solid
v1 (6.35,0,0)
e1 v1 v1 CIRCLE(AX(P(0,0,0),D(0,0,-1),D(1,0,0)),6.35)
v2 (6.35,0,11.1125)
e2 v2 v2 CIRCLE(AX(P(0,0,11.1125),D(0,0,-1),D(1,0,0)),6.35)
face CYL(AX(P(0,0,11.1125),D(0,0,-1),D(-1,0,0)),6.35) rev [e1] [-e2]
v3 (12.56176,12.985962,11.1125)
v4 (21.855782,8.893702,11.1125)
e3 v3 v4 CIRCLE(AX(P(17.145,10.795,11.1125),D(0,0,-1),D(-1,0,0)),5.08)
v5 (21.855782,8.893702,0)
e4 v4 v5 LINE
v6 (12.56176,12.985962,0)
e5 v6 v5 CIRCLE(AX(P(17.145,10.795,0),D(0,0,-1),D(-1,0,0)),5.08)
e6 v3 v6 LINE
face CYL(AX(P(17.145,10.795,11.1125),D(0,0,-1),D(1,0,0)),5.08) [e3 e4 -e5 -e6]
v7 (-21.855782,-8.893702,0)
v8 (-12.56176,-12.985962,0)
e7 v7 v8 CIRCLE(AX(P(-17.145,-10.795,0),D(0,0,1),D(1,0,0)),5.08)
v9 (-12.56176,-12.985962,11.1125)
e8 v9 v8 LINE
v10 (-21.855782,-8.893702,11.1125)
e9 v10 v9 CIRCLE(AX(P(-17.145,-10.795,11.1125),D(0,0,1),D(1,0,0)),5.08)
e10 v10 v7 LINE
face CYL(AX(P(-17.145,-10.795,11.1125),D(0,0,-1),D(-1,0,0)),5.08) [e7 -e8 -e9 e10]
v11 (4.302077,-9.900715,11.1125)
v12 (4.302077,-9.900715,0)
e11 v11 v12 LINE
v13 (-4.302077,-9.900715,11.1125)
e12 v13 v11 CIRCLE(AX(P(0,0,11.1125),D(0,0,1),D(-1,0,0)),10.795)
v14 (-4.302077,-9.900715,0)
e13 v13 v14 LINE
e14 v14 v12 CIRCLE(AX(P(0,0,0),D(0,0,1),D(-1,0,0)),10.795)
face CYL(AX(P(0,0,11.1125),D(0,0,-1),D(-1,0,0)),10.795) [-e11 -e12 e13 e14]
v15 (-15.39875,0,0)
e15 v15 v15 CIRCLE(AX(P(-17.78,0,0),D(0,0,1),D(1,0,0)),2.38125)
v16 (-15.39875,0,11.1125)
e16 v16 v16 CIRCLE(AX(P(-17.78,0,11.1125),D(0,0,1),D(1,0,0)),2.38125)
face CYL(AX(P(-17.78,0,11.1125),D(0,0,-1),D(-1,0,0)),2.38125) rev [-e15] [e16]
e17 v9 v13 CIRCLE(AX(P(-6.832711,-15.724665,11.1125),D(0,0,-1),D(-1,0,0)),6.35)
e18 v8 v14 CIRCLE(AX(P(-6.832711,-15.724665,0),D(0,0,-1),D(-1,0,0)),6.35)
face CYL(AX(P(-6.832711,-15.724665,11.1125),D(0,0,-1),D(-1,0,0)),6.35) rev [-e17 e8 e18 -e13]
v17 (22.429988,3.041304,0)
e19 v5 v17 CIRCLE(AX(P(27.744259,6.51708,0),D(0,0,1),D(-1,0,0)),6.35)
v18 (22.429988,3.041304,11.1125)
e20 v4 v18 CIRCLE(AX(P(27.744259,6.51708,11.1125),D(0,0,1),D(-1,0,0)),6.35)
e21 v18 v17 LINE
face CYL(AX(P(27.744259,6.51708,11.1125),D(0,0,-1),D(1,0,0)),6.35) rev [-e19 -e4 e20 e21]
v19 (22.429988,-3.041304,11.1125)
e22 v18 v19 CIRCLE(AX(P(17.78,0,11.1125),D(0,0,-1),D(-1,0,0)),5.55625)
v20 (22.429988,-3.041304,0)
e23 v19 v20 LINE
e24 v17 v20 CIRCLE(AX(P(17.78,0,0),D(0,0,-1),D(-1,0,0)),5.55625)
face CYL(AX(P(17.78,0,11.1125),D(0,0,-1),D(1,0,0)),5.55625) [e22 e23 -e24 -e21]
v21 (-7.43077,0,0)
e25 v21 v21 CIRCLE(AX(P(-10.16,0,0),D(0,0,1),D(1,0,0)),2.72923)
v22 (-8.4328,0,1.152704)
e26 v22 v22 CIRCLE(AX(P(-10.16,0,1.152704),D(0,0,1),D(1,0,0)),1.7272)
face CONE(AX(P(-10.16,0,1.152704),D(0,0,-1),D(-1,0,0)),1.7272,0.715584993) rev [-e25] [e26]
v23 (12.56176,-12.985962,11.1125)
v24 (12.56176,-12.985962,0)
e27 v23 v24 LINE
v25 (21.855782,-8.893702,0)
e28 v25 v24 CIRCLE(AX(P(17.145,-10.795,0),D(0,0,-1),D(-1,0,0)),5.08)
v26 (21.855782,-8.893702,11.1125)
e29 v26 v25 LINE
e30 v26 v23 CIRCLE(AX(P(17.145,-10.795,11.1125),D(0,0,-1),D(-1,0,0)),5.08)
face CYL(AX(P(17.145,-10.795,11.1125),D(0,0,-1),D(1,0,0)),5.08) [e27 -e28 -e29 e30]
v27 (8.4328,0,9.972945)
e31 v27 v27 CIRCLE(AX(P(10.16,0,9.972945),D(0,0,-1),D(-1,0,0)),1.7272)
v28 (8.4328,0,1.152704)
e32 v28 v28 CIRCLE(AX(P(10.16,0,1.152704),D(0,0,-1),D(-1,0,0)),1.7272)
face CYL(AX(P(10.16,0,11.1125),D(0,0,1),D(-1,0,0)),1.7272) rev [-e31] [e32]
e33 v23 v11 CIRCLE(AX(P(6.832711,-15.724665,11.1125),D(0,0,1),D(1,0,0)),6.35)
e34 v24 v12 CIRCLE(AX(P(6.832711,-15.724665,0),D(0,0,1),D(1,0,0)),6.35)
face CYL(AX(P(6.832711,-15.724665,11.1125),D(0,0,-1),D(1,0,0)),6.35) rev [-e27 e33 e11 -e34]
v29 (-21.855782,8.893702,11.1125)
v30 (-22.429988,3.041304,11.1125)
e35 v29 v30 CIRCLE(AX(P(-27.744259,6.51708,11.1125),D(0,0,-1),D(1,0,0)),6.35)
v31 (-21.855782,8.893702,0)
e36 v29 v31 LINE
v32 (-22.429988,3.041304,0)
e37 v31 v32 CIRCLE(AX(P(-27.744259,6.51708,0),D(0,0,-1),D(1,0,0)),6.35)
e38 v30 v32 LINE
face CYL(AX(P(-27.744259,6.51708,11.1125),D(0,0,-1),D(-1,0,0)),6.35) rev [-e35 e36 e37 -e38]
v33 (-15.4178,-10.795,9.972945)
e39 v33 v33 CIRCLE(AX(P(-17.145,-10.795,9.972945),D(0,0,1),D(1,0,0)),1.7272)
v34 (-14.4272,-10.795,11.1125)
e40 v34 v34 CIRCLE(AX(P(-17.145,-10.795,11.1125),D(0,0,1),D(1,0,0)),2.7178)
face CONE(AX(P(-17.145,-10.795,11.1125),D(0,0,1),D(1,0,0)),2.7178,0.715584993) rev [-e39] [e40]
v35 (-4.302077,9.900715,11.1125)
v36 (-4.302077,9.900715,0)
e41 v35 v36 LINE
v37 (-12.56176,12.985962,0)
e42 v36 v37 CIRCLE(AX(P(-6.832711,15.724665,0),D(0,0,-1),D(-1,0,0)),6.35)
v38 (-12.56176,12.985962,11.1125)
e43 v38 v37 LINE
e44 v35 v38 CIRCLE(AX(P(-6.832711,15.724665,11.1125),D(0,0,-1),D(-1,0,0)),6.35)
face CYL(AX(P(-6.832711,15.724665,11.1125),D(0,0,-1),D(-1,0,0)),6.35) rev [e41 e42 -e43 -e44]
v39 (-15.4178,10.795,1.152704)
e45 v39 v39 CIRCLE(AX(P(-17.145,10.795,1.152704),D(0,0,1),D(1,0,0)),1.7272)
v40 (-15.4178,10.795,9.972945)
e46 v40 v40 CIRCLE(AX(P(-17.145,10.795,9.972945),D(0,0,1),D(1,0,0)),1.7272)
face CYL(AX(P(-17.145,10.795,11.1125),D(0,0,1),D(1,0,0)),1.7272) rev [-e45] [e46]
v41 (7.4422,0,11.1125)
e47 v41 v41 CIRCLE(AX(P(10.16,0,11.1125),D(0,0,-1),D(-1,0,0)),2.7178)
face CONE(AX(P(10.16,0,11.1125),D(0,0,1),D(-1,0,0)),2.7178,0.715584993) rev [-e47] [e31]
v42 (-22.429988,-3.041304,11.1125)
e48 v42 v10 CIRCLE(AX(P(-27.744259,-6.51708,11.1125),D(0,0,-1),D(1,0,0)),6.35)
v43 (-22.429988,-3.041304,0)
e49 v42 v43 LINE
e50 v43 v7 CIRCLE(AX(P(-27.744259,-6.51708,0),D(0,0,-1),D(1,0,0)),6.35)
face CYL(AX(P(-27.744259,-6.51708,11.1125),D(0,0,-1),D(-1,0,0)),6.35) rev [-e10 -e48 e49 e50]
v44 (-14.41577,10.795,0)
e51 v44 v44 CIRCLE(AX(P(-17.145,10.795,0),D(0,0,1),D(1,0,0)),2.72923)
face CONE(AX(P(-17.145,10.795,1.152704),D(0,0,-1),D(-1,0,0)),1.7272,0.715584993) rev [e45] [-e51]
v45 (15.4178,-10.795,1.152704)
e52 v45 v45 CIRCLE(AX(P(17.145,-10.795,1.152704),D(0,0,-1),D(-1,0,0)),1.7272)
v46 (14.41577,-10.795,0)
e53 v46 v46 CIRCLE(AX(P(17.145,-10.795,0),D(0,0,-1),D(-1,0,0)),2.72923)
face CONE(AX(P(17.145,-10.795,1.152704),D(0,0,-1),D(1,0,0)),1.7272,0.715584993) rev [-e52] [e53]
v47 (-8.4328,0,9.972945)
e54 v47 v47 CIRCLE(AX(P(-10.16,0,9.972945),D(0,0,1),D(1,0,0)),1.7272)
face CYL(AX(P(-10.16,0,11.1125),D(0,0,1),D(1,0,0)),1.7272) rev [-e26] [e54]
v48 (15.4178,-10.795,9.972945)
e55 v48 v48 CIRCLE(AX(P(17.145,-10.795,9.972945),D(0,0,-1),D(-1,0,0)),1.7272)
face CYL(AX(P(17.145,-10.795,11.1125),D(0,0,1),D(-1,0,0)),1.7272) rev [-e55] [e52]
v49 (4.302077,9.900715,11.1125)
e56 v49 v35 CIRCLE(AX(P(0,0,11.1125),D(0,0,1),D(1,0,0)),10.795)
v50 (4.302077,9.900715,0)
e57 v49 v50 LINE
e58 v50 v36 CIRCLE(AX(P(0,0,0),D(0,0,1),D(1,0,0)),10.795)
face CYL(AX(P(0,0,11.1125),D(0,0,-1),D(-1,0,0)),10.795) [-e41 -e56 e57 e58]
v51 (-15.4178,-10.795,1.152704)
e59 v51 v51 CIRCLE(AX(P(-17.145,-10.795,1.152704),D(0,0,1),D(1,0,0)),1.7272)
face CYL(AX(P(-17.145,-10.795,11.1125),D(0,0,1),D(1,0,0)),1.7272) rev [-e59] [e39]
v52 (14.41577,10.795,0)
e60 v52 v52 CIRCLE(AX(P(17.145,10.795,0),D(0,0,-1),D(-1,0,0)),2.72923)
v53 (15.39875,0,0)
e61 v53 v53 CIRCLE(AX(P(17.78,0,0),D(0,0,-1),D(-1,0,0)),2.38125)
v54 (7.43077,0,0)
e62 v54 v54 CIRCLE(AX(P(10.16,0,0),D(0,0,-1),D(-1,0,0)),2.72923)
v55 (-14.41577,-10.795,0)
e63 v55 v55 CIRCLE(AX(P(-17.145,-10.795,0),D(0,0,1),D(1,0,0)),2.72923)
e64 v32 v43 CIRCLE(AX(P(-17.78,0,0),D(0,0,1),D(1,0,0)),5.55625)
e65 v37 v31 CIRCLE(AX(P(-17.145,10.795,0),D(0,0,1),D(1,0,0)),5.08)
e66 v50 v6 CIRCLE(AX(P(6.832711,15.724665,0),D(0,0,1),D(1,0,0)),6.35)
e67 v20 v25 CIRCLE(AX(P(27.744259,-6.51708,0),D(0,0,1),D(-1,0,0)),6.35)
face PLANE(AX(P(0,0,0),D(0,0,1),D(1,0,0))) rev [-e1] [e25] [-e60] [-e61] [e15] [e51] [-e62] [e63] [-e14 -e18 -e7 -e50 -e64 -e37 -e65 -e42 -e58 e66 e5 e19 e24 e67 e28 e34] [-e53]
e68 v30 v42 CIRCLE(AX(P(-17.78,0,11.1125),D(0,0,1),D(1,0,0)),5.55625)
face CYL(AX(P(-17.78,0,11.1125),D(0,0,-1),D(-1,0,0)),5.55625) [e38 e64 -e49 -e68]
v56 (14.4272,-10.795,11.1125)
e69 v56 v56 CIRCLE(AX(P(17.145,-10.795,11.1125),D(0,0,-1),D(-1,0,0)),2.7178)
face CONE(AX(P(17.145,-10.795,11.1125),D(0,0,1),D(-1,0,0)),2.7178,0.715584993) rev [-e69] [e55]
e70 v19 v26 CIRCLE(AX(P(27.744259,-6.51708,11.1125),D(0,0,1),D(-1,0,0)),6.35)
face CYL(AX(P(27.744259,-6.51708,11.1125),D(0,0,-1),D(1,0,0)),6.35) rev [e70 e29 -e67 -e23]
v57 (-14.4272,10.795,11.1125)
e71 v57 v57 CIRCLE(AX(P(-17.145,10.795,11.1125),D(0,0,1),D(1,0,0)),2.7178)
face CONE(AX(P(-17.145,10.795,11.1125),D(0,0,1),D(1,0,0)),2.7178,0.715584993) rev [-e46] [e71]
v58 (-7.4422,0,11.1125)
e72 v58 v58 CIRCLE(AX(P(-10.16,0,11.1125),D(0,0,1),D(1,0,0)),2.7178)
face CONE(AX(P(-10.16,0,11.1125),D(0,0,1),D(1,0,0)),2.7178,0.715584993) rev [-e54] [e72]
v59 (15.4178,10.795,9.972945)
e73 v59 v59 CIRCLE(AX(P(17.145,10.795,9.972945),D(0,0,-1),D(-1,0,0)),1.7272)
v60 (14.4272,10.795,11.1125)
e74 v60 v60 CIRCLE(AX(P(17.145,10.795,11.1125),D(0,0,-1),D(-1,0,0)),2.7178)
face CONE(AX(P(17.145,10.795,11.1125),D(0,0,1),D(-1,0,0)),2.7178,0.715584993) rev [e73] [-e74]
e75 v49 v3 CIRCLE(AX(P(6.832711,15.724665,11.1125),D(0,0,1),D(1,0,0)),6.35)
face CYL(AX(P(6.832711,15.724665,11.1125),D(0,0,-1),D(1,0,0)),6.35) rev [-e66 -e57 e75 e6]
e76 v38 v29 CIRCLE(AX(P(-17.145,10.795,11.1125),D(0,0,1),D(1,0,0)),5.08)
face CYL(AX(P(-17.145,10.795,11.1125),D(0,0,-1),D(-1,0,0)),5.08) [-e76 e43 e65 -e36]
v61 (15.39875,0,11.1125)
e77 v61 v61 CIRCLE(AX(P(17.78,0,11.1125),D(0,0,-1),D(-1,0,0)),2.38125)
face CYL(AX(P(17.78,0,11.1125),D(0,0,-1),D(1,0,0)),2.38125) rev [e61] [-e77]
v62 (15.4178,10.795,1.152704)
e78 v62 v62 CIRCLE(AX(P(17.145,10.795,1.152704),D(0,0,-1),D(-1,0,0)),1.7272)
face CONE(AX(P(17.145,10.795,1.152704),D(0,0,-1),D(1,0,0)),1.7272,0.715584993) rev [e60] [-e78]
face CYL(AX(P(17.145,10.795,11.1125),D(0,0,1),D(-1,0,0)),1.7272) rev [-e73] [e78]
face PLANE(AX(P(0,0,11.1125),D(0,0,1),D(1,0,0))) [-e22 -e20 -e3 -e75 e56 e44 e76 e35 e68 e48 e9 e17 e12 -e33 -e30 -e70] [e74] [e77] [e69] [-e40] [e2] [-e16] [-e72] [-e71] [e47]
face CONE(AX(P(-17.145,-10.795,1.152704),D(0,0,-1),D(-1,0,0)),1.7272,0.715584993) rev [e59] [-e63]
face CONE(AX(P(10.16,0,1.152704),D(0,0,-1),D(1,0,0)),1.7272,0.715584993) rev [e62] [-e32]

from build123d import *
from build123d.topology import SkipClean

# Parameters (mm, degrees)
SKETCH1_R                      = 2.38125
BOSS_EXTRUDE1_DEPTH            = 11.1125
F_8_32_TAPPED_HOLE1_AT_2_COUNT = 2
F_8_32_TAPPED_HOLE1_AT_2_PITCH = 12.857770024
F_8_32_TAPPED_HOLE1_AT_3_COUNT = 2
F_8_32_TAPPED_HOLE1_AT_3_PITCH = 12.857770024


with BuildPart() as part:
    # Sketch1 → Boss-Extrude1 (new body)
    with BuildSketch(Plane.XY):
        with BuildLine():
            ThreePointArc((0, -6.35), (-6.35, 0), (0, 6.35))
            Line((0, 6.35), (0, 10.795))
            ThreePointArc((0, 10.795), (-2.197021558, 10.569064352), (-4.302077301, 9.900714918))
            ThreePointArc((-4.302077301, 9.900714918), (-9.054681629, 9.776106511), (-12.561760448, 12.985962165))
            ThreePointArc((-12.561760448, 12.985962165), (-19.192123591, 15.444267147), (-21.855781895, 8.89370204))
            ThreePointArc((-21.855781895, 8.89370204), (-21.424604414, 5.897029127), (-22.429987657, 3.041303808))
            ThreePointArc((-22.429987657, 3.041303808), (-23.33625, 0), (-22.429987657, -3.041303808))
            ThreePointArc((-22.429987657, -3.041303808), (-21.424604414, -5.897029127), (-21.855781895, -8.89370204))
            ThreePointArc((-21.855781895, -8.89370204), (-19.192123591, -15.444267147), (-12.561760448, -12.985962165))
            ThreePointArc((-12.561760448, -12.985962165), (-9.054681629, -9.776106511), (-4.302077301, -9.900714918))
            ThreePointArc((-4.302077301, -9.900714918), (-2.197021558, -10.569064352), (0, -10.795))
            Line((0, -10.795), (0, -6.35))
        make_face()
        with Locations((-17.78, 0)):
            Circle(SKETCH1_R, mode=Mode.SUBTRACT)
    extrude(amount=BOSS_EXTRUDE1_DEPTH)

    # Sketch2 → #8-32 Tapped Hole1 (revolve, cut)
    with BuildSketch(Plane(origin=(-10.16, 0, 11.1125), x_dir=(0, -1, 0), z_dir=(1, 0, 0))):
        Polygon((0, 0), (0, 11.1125), (2.72923, 11.1125), (1.7272, 9.959796345), (1.7272, 1.139554944), (2.7178, 0), align=None)
    f_8_32_tapped_hole1 = revolve(axis=Axis((-10.16, 0, 17.4625), (0, 0, -1)), mode=Mode.SUBTRACT)

    # #8-32 Tapped Hole1 at 2: #8-32 Tapped Hole1 ×2
    with Locations(*[Vector(-0.5432512781572743, 0.8395701571521511, 0) * (i * F_8_32_TAPPED_HOLE1_AT_2_PITCH) for i in range(1, F_8_32_TAPPED_HOLE1_AT_2_COUNT)]):
        add(f_8_32_tapped_hole1, mode=Mode.SUBTRACT)

    # #8-32 Tapped Hole1 at 3: #8-32 Tapped Hole1 ×2
    with Locations(*[Vector(-0.5432512781572741, -0.8395701571521512, 0) * (i * F_8_32_TAPPED_HOLE1_AT_3_PITCH) for i in range(1, F_8_32_TAPPED_HOLE1_AT_3_COUNT)]):
        add(f_8_32_tapped_hole1, mode=Mode.SUBTRACT)

    # Mirror2: part across plane


with BuildPart() as part_1:
    with SkipClean():  # the faces are left unmerged after this step: merging them gives an invalid solid
        add(part.part)
        add(part.part.mirror(Plane(origin=(0, 6.35, 11.1125), x_dir=(0, 0, 1), z_dir=(-1, 0, 0))))


solid = part_1.part
